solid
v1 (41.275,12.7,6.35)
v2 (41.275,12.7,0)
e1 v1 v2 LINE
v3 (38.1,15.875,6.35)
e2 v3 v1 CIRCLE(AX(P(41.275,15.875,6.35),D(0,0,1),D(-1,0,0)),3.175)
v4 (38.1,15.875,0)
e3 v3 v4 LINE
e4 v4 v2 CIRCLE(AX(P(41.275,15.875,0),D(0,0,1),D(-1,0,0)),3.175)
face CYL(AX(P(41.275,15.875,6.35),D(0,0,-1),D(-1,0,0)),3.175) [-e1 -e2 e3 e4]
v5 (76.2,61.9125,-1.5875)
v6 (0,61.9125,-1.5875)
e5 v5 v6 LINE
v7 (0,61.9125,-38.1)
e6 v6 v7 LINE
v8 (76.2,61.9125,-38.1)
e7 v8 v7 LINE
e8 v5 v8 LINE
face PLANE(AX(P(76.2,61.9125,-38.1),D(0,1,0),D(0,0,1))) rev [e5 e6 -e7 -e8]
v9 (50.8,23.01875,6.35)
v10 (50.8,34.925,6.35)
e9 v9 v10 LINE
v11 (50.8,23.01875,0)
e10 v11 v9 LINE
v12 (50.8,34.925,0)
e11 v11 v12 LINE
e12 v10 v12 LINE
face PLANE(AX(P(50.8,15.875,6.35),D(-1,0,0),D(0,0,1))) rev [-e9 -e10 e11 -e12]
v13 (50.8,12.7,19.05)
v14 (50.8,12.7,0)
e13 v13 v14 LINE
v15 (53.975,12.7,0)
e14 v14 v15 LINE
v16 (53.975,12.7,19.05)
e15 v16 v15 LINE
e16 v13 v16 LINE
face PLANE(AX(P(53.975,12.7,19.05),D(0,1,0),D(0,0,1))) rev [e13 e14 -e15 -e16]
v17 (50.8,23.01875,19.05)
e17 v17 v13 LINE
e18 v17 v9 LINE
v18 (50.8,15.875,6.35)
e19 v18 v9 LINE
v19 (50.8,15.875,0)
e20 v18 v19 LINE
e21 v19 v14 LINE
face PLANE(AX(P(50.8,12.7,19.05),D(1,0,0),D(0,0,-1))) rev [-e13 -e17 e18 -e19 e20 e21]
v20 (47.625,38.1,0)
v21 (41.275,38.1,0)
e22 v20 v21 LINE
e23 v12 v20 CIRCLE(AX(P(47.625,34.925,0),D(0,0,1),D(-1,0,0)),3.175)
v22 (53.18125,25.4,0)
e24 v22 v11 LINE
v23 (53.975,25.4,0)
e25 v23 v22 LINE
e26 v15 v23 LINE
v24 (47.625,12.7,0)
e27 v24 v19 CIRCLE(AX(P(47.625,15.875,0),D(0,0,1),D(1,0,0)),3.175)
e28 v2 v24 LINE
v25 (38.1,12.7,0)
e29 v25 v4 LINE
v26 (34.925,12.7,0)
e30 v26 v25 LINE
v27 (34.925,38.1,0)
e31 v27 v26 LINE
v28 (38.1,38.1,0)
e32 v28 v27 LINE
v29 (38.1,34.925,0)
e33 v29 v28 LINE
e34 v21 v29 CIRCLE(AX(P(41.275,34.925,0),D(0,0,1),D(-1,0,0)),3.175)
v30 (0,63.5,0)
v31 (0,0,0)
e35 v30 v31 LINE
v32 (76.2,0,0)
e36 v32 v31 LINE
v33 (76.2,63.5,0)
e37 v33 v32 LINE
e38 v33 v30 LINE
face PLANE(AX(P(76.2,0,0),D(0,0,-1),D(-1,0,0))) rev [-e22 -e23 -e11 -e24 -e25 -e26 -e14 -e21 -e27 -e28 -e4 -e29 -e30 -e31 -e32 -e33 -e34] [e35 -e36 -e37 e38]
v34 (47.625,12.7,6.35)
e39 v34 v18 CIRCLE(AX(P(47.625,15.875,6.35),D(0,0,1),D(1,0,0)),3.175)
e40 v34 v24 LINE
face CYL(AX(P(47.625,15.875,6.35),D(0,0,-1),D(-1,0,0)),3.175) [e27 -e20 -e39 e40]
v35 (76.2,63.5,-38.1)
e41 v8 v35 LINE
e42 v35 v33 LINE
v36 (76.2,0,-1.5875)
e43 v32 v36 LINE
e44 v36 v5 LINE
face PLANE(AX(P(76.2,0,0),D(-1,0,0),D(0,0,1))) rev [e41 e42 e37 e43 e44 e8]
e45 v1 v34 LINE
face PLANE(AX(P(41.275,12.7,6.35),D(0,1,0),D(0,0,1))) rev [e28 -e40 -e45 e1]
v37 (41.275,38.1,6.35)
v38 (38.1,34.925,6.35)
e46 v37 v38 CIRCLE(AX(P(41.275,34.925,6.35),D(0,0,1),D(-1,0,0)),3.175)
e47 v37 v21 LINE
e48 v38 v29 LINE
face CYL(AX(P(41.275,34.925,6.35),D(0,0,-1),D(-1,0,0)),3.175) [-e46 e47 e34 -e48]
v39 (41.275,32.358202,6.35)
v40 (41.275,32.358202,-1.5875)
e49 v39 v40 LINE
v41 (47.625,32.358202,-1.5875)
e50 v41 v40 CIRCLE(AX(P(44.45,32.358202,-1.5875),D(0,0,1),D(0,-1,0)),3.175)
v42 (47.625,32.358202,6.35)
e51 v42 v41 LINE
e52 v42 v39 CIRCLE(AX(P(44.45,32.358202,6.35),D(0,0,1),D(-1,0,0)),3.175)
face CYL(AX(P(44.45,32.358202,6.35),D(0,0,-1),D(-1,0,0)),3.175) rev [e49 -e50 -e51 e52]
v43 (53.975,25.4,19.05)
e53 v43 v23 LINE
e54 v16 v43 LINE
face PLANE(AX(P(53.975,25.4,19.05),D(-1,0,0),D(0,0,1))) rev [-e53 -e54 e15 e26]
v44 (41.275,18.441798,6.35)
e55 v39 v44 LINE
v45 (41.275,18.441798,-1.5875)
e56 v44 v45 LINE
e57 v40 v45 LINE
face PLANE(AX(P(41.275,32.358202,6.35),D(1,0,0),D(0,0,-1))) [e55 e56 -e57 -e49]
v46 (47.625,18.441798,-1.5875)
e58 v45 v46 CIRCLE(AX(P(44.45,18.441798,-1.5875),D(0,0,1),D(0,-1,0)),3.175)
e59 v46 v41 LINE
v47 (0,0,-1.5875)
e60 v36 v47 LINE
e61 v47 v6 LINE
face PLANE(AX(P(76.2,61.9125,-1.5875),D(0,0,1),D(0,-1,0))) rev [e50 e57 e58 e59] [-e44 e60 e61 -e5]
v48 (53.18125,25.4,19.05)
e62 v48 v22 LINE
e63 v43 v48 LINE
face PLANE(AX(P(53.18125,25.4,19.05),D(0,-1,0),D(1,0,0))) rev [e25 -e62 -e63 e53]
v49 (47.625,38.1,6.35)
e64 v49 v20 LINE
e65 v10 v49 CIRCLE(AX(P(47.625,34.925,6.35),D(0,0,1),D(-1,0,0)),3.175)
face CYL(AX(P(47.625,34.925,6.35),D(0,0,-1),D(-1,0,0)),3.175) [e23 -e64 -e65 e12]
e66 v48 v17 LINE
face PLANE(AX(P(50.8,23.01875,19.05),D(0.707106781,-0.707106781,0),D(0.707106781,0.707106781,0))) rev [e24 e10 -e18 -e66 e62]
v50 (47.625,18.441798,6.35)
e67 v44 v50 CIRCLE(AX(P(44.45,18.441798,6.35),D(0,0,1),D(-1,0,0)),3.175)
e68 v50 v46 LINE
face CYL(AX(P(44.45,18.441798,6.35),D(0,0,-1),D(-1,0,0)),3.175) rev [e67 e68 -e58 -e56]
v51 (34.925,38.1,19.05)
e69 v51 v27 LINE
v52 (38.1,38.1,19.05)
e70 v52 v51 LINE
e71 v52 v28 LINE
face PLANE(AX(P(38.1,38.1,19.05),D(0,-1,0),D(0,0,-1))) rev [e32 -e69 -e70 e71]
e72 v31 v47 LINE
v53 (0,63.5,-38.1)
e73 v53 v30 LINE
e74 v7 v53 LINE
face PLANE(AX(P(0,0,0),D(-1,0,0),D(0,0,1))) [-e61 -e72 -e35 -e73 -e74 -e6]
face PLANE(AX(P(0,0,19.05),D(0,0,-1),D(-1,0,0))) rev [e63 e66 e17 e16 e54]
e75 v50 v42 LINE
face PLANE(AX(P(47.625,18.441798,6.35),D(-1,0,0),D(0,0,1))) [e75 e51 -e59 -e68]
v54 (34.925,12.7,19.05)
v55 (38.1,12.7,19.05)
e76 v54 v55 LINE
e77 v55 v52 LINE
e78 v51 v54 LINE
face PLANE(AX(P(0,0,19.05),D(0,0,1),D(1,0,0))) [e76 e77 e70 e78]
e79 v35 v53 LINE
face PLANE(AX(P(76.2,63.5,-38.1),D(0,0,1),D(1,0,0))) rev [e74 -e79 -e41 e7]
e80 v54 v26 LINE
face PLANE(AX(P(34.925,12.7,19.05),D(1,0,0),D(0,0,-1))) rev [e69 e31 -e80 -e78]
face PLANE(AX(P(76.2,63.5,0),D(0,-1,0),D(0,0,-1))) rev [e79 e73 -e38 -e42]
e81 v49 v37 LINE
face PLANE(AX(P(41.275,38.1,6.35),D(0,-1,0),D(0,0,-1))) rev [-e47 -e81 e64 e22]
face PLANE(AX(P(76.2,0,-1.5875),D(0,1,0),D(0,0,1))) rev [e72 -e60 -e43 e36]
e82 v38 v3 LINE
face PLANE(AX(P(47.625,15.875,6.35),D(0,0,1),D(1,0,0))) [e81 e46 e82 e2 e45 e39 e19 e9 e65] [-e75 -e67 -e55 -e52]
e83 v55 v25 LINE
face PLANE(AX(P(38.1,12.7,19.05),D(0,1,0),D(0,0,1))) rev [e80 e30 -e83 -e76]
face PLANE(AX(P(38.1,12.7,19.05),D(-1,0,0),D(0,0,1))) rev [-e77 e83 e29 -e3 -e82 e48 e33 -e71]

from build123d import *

# Parameters (mm, degrees)
BOSS_EXTRUDE1_DEPTH = 76.2
BOSS_EXTRUDE2_DEPTH = 6.35
CUT_EXTRUDE1_DEPTH  = 6.35
SKETCH4_W           = 3.175
SKETCH4_H           = 25.4
BOSS_EXTRUDE3_DEPTH = 19.05


with BuildPart() as part:
    # Sketch1 → Boss-Extrude1 (new body)
    with BuildSketch(Plane(origin=(0, 0, 0), x_dir=(0, 0, -1), z_dir=(1, 0, 0))):
        Polygon((0, 0), (0, 63.5), (38.1, 63.5), (38.1, 61.9125), (1.5875, 61.9125), (1.5875, 0), align=None)
    extrude(amount=BOSS_EXTRUDE1_DEPTH)

    # Sketch2 → Boss-Extrude2 (add)
    with BuildSketch(Plane.XY):
        with BuildLine():
            Line((41.275, 12.7), (47.625, 12.7))
            ThreePointArc((47.625, 12.7), (49.87006403, 13.62993597), (50.8, 15.875))
            Line((50.8, 15.875), (50.8, 34.925))
            ThreePointArc((50.8, 34.925), (49.87006403, 37.17006403), (47.625, 38.1))
            Line((47.625, 38.1), (41.275, 38.1))
            ThreePointArc((41.275, 38.1), (39.02993597, 37.17006403), (38.1, 34.925))
            Line((38.1, 34.925), (38.1, 15.875))
            ThreePointArc((38.1, 15.875), (39.02993597, 13.62993597), (41.275, 12.7))
        make_face()
        with BuildLine():
            Line((41.275, 32.358201644), (41.275, 18.441798356))
            ThreePointArc((41.275, 18.441798356), (44.45, 15.266798356), (47.625, 18.441798356))
            Line((47.625, 18.441798356), (47.625, 32.358201644))
            ThreePointArc((47.625, 32.358201644), (44.45, 35.533201644), (41.275, 32.358201644))
        make_face(mode=Mode.SUBTRACT)
    extrude(amount=BOSS_EXTRUDE2_DEPTH)

    # Sketch3 → Cut-Extrude1 (cut)
    with BuildSketch(Plane.XY):
        with BuildLine():
            Line((47.625, 18.441798356), (47.625, 32.358201644))
            ThreePointArc((47.625, 32.358201644), (44.45, 35.533201644), (41.275, 32.358201644))
            Line((41.275, 32.358201644), (41.275, 18.441798356))
            ThreePointArc((41.275, 18.441798356), (44.45, 15.266798356), (47.625, 18.441798356))
        make_face()
    extrude(amount=-CUT_EXTRUDE1_DEPTH, mode=Mode.SUBTRACT)

    # Sketch4 → Boss-Extrude3 (add)
    with BuildSketch(Plane.XY):
        Polygon((50.8, 12.7), (50.8, 23.01875), (53.18125, 25.4), (53.975, 25.4), (53.975, 12.7), align=None)
        with Locations((36.5125, 25.4)):
            Rectangle(SKETCH4_W, SKETCH4_H)
    extrude(amount=BOSS_EXTRUDE3_DEPTH)


solid = part.part
